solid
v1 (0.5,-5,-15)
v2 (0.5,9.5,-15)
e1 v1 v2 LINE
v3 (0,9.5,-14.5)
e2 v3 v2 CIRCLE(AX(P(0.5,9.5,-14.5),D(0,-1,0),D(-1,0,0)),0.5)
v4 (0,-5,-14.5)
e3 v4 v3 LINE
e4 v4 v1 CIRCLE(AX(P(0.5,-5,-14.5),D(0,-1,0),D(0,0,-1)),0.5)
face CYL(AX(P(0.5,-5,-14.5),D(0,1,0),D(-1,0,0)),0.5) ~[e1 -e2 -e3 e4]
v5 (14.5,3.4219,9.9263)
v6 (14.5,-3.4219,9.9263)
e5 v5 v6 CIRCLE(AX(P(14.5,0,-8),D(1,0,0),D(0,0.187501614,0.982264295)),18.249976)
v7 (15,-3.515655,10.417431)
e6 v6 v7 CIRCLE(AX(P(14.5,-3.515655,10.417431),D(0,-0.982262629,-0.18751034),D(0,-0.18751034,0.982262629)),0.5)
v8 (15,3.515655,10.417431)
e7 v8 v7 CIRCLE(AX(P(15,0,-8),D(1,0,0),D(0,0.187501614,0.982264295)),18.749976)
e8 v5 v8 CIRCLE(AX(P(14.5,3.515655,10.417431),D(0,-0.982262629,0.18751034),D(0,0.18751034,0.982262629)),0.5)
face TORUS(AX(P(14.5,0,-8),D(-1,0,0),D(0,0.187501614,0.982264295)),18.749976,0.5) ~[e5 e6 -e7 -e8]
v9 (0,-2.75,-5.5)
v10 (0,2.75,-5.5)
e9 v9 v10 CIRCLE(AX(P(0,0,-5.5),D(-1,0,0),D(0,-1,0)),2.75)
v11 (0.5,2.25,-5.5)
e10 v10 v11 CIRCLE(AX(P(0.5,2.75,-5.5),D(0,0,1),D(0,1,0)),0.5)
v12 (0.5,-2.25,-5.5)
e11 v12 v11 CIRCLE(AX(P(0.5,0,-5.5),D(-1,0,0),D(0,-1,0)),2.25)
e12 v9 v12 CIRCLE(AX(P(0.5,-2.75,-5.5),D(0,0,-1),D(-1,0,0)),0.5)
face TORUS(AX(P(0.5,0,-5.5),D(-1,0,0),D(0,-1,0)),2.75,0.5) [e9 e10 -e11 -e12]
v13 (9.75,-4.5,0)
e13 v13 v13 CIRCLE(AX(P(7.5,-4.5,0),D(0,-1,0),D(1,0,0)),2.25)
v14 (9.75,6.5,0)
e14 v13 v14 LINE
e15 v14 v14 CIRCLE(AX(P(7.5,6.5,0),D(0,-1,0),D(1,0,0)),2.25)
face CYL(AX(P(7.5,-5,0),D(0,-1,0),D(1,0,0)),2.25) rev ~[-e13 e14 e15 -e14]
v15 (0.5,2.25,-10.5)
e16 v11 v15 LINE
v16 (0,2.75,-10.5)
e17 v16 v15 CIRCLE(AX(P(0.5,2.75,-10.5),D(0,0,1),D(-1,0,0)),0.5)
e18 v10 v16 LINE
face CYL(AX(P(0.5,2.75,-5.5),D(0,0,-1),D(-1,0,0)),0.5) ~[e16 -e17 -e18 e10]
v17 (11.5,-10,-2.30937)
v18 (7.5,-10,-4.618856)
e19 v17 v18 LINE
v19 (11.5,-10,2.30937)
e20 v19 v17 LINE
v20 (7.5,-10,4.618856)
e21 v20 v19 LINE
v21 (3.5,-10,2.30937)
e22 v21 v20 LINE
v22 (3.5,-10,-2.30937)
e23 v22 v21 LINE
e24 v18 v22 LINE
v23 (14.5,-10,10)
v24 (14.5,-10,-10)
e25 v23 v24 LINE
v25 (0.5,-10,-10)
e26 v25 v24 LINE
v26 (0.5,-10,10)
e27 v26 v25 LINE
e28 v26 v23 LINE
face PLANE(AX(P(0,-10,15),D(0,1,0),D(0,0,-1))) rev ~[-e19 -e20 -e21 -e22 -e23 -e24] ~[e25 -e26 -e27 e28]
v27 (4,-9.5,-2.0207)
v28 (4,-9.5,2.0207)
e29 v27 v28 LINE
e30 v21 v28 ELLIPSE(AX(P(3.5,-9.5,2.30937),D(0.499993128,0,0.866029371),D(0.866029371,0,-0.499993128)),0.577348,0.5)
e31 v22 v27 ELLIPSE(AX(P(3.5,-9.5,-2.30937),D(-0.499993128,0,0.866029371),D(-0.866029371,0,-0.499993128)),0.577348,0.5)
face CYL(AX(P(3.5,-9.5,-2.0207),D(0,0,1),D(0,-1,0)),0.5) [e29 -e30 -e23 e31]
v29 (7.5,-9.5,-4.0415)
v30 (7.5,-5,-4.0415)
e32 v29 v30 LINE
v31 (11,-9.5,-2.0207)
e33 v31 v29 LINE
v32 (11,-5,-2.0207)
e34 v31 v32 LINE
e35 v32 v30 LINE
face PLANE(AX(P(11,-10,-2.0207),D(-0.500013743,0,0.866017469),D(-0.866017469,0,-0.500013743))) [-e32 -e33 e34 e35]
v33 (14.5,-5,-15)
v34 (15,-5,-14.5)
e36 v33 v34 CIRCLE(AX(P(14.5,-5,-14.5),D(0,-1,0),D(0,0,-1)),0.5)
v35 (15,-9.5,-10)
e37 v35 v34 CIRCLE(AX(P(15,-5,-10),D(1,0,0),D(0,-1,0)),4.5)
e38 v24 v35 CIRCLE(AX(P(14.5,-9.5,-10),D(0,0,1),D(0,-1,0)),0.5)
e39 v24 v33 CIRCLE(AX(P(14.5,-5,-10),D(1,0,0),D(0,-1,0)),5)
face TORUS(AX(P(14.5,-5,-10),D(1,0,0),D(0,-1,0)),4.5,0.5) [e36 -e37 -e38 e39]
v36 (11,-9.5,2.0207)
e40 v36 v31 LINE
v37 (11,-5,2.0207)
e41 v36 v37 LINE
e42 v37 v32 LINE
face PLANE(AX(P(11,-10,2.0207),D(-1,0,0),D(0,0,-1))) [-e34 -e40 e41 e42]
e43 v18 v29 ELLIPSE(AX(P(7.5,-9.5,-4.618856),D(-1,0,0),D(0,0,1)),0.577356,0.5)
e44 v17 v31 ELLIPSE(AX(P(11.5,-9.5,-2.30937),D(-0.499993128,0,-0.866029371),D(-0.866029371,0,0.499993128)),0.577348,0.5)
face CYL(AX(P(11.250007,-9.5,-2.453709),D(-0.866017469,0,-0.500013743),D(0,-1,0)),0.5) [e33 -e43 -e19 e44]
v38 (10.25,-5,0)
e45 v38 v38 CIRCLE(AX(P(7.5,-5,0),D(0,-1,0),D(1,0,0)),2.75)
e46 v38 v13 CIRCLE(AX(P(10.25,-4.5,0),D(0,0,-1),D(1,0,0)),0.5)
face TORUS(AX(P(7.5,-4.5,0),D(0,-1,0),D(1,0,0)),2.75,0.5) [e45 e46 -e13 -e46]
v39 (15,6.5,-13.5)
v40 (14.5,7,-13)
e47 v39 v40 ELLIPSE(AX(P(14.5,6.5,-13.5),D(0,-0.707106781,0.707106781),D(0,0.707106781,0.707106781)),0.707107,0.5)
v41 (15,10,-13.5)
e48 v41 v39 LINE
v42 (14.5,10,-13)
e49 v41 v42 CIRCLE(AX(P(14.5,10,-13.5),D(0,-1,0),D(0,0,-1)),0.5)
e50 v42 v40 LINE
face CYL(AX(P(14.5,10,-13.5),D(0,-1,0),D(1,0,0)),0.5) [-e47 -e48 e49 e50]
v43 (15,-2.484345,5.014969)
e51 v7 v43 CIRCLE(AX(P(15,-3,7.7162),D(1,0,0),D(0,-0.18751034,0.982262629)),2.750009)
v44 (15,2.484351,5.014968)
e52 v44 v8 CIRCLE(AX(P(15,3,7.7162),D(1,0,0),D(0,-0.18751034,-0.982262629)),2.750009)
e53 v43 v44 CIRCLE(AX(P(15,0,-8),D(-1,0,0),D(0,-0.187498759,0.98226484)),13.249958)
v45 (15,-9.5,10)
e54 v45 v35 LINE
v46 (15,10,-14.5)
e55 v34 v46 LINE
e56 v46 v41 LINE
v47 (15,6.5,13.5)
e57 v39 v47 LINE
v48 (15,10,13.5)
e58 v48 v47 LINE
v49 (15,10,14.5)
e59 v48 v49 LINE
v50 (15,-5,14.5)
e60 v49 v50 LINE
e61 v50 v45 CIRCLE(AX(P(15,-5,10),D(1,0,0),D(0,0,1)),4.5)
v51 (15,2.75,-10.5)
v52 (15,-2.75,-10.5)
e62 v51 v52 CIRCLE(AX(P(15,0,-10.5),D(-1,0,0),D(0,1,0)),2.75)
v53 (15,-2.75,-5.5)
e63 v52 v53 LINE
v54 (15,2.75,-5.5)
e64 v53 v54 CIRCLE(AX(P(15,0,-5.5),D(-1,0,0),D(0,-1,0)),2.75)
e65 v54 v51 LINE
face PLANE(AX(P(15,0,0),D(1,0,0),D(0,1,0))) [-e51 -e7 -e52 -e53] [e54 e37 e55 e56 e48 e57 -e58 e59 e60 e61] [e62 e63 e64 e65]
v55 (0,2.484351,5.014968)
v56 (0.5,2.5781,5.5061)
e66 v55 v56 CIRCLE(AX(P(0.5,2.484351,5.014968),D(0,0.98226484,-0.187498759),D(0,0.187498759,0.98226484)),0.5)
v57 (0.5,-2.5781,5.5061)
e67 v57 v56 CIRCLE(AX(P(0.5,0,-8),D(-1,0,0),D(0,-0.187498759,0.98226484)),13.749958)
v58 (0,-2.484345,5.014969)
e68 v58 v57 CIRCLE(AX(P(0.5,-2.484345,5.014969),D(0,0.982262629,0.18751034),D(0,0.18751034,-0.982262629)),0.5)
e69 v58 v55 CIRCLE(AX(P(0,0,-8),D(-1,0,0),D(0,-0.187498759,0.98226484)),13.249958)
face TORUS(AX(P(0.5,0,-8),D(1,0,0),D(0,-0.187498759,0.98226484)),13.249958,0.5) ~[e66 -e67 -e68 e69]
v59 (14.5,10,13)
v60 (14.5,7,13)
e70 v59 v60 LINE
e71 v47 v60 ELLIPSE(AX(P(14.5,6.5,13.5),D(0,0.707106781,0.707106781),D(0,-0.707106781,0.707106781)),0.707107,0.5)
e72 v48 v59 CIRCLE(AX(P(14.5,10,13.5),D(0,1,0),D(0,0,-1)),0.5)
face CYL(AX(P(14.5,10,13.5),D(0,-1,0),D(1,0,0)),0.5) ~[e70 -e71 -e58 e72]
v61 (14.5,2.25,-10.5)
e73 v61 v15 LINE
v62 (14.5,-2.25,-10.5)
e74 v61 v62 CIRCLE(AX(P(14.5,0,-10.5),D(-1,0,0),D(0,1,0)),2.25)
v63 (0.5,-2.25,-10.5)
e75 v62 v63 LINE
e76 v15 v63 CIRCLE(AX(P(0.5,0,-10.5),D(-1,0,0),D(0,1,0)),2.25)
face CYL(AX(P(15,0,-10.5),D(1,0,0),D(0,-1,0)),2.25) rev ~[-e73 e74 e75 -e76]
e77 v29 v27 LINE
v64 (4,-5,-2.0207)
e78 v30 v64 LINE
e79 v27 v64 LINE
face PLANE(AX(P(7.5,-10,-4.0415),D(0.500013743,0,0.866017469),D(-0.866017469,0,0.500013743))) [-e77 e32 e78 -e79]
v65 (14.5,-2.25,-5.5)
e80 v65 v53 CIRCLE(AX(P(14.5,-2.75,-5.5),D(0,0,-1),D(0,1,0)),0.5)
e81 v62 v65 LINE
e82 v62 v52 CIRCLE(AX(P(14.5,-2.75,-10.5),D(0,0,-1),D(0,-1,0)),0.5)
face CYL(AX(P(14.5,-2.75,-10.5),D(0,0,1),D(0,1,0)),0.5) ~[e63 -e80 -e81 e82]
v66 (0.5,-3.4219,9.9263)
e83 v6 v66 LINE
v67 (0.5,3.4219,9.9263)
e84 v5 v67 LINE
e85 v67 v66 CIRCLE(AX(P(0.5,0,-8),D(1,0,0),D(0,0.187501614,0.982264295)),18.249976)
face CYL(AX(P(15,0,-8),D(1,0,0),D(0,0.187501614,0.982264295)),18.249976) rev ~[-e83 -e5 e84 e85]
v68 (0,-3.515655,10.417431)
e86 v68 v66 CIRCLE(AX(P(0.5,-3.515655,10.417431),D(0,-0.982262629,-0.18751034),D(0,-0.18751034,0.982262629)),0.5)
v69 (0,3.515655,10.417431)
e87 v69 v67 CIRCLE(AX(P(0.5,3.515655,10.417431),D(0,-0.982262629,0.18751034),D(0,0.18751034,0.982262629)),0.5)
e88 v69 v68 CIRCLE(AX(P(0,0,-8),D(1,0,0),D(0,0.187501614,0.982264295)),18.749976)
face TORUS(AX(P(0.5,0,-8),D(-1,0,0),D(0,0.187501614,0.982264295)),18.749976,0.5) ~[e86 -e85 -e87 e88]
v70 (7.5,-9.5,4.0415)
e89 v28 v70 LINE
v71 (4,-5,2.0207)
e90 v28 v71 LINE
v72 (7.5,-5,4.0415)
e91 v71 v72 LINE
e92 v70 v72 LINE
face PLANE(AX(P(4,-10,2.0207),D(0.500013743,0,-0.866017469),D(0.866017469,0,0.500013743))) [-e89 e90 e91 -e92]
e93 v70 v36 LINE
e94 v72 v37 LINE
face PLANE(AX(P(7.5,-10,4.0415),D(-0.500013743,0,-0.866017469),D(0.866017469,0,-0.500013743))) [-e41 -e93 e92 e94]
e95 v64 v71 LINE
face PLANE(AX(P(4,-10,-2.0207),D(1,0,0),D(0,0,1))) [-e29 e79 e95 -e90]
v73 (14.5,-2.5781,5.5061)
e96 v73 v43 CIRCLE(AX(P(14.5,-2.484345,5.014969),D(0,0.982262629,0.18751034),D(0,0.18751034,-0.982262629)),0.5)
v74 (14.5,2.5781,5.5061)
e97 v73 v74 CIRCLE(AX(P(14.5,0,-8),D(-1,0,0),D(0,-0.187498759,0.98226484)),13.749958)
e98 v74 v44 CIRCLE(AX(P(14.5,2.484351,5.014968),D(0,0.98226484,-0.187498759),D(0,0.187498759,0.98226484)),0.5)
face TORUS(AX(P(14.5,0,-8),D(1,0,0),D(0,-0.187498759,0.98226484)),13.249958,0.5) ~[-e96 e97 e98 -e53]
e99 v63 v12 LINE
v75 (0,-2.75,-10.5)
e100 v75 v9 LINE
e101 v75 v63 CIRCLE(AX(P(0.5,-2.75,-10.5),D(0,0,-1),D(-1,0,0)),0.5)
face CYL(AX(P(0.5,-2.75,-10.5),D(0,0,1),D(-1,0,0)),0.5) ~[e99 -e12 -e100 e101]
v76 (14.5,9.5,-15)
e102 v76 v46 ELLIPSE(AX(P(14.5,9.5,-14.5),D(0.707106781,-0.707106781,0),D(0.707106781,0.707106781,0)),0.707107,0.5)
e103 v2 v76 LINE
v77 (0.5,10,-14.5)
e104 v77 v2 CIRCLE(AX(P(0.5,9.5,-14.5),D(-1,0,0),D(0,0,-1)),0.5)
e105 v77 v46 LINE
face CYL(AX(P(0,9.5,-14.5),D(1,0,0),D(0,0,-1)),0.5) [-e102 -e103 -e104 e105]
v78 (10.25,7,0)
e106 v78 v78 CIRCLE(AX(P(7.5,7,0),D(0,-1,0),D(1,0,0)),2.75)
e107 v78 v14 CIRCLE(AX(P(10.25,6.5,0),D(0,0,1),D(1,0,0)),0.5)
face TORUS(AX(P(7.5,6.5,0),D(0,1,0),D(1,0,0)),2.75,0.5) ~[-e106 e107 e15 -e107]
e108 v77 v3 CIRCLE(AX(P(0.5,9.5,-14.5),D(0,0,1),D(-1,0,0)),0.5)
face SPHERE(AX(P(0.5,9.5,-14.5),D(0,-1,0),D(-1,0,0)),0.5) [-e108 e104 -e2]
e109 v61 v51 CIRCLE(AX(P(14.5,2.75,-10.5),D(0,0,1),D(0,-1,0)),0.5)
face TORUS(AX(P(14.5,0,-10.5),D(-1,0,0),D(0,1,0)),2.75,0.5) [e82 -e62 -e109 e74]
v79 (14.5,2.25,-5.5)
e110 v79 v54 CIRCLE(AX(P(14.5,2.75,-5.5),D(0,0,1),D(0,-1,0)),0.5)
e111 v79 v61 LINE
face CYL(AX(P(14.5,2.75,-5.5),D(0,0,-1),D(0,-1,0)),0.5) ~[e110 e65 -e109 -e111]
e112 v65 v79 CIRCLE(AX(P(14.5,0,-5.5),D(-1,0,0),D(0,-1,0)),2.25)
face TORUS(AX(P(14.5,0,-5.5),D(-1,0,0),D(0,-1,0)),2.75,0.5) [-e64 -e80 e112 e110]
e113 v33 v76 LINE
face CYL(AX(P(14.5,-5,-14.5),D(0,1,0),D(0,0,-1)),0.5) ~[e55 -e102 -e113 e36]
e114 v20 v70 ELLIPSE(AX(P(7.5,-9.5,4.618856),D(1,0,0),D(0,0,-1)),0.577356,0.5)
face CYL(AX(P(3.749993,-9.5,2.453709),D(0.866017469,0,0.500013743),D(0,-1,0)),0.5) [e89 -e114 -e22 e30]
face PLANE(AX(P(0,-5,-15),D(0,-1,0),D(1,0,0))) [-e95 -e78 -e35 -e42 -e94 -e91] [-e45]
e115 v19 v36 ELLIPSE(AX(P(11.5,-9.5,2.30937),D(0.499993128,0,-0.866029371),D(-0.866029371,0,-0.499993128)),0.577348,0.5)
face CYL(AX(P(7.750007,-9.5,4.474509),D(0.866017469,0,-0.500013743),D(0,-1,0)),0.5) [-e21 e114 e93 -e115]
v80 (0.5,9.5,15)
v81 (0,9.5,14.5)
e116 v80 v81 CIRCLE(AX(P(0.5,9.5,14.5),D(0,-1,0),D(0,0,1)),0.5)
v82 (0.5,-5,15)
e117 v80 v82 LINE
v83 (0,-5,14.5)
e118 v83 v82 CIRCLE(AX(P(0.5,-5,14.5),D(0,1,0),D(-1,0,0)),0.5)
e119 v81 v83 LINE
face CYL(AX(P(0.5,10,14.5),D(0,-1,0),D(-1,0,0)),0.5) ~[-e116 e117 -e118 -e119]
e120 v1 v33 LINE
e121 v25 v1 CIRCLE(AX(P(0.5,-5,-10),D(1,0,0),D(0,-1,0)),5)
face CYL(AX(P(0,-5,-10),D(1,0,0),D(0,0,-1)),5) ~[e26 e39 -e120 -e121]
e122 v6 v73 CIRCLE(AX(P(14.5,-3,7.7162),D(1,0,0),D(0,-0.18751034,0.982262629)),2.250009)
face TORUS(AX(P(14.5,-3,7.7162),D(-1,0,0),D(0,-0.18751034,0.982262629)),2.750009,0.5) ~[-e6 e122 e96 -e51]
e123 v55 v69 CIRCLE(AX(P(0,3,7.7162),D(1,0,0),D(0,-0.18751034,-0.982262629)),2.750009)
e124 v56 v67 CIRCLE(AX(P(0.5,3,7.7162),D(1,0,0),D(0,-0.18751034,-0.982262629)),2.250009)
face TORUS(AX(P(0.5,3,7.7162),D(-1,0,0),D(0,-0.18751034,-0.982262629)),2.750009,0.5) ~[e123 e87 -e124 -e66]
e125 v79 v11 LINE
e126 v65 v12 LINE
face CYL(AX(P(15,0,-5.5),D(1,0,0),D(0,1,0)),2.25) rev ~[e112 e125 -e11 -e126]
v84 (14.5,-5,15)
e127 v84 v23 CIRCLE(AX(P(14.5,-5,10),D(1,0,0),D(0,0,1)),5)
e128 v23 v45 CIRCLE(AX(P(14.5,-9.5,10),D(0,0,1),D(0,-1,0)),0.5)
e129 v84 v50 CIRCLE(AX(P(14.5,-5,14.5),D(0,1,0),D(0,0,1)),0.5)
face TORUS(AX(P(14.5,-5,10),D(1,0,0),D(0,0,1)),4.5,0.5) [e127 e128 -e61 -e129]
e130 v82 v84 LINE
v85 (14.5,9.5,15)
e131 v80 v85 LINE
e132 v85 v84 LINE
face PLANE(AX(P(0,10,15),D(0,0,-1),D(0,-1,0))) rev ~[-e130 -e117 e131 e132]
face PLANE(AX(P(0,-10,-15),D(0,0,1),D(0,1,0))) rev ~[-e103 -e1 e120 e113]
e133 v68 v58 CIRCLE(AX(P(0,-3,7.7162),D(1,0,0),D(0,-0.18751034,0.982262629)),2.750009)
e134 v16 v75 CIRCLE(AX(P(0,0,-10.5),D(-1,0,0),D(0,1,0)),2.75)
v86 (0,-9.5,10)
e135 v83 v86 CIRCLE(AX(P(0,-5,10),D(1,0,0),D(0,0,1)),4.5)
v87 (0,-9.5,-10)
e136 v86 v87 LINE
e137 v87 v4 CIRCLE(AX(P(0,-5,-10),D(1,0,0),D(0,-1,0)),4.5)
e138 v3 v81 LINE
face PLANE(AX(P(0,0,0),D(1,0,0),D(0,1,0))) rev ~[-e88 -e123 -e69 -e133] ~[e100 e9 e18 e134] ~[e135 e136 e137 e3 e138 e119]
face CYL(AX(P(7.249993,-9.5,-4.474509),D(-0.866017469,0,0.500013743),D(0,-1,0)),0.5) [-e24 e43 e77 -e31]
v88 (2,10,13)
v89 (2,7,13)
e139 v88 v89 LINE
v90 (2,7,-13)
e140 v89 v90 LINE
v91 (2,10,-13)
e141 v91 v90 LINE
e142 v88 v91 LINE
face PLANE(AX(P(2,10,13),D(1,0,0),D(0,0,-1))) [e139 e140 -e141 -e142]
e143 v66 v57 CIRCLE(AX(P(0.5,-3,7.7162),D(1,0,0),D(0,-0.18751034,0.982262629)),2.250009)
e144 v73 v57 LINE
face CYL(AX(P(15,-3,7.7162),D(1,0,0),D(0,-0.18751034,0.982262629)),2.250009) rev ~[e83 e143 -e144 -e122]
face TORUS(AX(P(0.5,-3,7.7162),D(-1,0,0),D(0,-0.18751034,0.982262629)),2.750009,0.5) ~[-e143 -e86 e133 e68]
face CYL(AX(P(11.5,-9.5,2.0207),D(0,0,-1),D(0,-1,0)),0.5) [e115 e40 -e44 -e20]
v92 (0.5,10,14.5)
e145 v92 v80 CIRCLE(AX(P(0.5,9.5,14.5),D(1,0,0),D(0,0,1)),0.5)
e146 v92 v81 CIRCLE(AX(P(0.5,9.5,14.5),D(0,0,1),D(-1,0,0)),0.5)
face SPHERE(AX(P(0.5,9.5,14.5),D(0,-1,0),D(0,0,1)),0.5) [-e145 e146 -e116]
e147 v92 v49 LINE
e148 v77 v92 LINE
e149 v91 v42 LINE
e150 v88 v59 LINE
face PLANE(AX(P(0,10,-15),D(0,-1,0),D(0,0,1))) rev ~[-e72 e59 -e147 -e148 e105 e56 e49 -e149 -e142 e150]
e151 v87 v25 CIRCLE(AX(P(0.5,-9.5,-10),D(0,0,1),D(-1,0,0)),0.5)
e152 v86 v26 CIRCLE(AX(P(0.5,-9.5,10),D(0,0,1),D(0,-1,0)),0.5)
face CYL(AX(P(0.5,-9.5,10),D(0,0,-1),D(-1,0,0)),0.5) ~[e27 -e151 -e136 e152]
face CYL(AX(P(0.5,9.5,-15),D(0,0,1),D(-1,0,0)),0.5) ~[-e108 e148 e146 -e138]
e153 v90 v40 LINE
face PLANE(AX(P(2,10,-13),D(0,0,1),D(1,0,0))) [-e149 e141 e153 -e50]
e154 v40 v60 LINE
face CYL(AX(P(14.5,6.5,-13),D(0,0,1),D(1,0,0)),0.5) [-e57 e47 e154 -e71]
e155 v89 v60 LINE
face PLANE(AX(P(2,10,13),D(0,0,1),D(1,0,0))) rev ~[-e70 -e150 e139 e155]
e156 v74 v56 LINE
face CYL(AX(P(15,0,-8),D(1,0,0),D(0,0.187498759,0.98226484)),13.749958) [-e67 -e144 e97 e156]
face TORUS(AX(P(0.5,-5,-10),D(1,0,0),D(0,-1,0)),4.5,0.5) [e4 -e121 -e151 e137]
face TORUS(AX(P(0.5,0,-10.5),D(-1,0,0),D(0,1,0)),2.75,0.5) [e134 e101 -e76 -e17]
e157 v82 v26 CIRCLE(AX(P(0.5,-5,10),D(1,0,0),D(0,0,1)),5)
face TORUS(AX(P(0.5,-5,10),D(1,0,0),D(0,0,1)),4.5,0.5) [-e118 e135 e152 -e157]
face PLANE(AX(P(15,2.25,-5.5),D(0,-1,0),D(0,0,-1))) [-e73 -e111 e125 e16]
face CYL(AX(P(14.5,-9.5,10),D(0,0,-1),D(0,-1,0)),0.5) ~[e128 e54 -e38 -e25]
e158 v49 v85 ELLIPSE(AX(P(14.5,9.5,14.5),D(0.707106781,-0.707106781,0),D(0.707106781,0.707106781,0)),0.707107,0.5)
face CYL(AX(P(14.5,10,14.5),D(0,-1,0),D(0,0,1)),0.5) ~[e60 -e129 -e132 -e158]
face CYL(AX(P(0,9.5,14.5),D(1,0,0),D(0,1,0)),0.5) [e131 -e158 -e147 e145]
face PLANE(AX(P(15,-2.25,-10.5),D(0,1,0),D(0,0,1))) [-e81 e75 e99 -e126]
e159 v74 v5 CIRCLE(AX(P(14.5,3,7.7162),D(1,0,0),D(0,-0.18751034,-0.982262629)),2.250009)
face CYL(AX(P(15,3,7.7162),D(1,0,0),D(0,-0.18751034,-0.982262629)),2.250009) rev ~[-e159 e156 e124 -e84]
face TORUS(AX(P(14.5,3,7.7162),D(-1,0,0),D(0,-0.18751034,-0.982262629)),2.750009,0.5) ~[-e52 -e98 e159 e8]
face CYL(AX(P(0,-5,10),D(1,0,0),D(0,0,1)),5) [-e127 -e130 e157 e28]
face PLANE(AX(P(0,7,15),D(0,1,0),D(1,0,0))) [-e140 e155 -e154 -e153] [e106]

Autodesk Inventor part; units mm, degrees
ref_plane "YZ Plane" through (0, 0, 0) normal (1, 0, 0) x (0, 1, 0)
ref_plane "XZ Plane" through (0, 0, 0) normal (0, 1, 0) x (-1, 0, 0)
ref_plane "XY Plane" through (0, 0, 0) normal (0, 0, 1) x (1, 0, 0)
sketch "Sketch1" plane through (0, 0, 0) normal (1, 0, 0) x (0, 1, 0)
  line L0 (10, 15) -> (-10, 15)
  line L1 (-10, 15) -> (-10, -15)
  line L2 (-10, -15) -> (10, -15)
  line L3 (10, -15) -> (10, 15)
  line L4 (10, 15) -> (-10, -15) construction
  line L5 (10, -15) -> (-10, 15) construction
  point P0 (0, 0)
  point P1 (0, 0)
  dimension "d0" = 20
  dimension "d1" = 30
extrude "Extrusion1" add sketch "Sketch1" along normal blind 15
sketch "Sketch2" plane through (0, 10, 15) normal (0, 1, 0) x (1, 0, 0)
  line L0 (15, 30) -> (15, 0) projected
  line L1 (2, 2) -> (2, 28)
  line L2 (2, 2) -> (15, 2)
  line L3 (2, 28) -> (15, 28)
  line L4 (15, 0) -> (15, 30) projected
  line L5 (0, 0) -> (15, 0) projected
  line L6 (0, 30) -> (15, 30) projected
  point P0 (0, 15)
  dimension "d4" = 2
  dimension "d5" = 2
  dimension "d6" = 2
extrude "Extrusion2" cut sketch "Sketch2" against normal blind 3
sketch "Sketch3" plane through (0, -10, -15) normal (0, -1, 0) x (1, 0, 0)
  line L0 (11, 12.9793) -> (7.5, 10.9585)
  line L1 (7.5, 10.9585) -> (4, 12.9793)
  line L2 (4, 12.9793) -> (4, 17.0207)
  line L3 (4, 17.0207) -> (7.5, 19.0415)
  line L4 (7.5, 19.0415) -> (11, 17.0207)
  line L5 (11, 17.0207) -> (11, 12.9793)
  line L6 (0, 30) -> (0, 0) projected
  line L7 (15, 30) -> (15, 0) projected
  point P0 (0, 15)
  point P1 (7.5, 15)
  point P2 (0, 15)
  dimension "d9" = 15
  dimension "d10" = 7.5
  dimension "d11" = 7
extrude "Extrusion3" cut sketch "Sketch3" against normal blind 5
sketch "Sketch4" plane through (0, -5, -15) normal (0, -1, 0) x (1, 0, 0)
  circle A0 centre (7.5, 15) radius 2.25
  line L0 (15, 2) -> (15, 28) projected
  point P0 (0, 15)
  dimension "d14" = 7.5
  dimension "d15" = 4.5
extrude "Extrusion4" cut sketch "Sketch4" against normal up to surface (12 mm away)
sketch "Sketch5" plane through (15, 0, 0) normal (1, 0, 0) x (0, 0, -1)
  line L0 (5.5, 0) -> (10.5, 0) construction
  line L1 (5.5, 2.25) -> (10.5, 2.25)
  line L2 (10.5, -2.25) -> (5.5, -2.25)
  arc A0 (5.5, 2.25) -> (5.5, -2.25) centre (5.5, 0) ccw
  arc A1 (10.5, -2.25) -> (10.5, 2.25) centre (10.5, 0) ccw
  arc A2 (-7.7162, 3) -> (-7.7162, -3) centre (8, 0) ccw construction
  arc A3 (-9.9263, 3.4219) -> (-9.9263, -3.4219) centre (8, 0) ccw
  arc A4 (-5.5061, 2.5781) -> (-5.5061, -2.5781) centre (8, 0) ccw
  arc A5 (-5.5061, 2.5781) -> (-9.9263, 3.4219) centre (-7.7162, 3) ccw
  arc A6 (-9.9263, -3.4219) -> (-5.5061, -2.5781) centre (-7.7162, -3) ccw
  point P0 (0, 0)
  point P1 (8, 0)
  point P2 (-8, 0)
  dimension "d18" = 4.5
  dimension "d25" = 4.5
  dimension "d26" = 6
  dimension "d27" = 16
  dimension "d28" = 16
  dimension "d29" = 8
  dimension "d30" = 5
extrude "Extrusion5" cut sketch "Sketch5" against normal up to surface (15 mm away)
fillet "Fillet1" radius 5 2 edges at (7.5, -10, 15) (7.5, -10, -15)
fillet "Fillet2" radius 0.5 40 edges at (0, -8.5355, 13.5355) (0, -10, 0) (0, -8.5355, -13.5355) (0, 2.5, -15) (0, 2.5, 15) (0, -5.2101, 7.2944) (0, 0, 5.75) (0, 5.2101, 7.2944) (0, 0, 10.25) (0, -2.25, -8) (0, 0, -12.75) (0, 2.25, -8) (0, 0, -3.25) (7.5, 10, 15) (0, 10, 0) (7.5, 10, -15) (15, -5.2101, 7.2944) (15, 0, 10.25) (15, 5.2101, 7.2944) (15, 0, 5.75) (15, 2.25, -8) (15, 0, -12.75) (15, -2.25, -8) (15, 0, -3.25) (15, -8.5355, 13.5355) (15, -10, 0) (15, -8.5355, -13.5355) (15, 2.5, -15) (15, 2.5, 15) (15, 7, 0) (15, 8.5, -13) (15, 8.5, 13) (5.25, 7, 0) (5.25, -5, 0) (5.75, -10, -3.0311) (9.25, -10, -3.0311) (11, -10, 0) (9.25, -10, 3.0311) (5.75, -10, 3.0311) (4, -10, 0)
properties part number "hoop_mount"
